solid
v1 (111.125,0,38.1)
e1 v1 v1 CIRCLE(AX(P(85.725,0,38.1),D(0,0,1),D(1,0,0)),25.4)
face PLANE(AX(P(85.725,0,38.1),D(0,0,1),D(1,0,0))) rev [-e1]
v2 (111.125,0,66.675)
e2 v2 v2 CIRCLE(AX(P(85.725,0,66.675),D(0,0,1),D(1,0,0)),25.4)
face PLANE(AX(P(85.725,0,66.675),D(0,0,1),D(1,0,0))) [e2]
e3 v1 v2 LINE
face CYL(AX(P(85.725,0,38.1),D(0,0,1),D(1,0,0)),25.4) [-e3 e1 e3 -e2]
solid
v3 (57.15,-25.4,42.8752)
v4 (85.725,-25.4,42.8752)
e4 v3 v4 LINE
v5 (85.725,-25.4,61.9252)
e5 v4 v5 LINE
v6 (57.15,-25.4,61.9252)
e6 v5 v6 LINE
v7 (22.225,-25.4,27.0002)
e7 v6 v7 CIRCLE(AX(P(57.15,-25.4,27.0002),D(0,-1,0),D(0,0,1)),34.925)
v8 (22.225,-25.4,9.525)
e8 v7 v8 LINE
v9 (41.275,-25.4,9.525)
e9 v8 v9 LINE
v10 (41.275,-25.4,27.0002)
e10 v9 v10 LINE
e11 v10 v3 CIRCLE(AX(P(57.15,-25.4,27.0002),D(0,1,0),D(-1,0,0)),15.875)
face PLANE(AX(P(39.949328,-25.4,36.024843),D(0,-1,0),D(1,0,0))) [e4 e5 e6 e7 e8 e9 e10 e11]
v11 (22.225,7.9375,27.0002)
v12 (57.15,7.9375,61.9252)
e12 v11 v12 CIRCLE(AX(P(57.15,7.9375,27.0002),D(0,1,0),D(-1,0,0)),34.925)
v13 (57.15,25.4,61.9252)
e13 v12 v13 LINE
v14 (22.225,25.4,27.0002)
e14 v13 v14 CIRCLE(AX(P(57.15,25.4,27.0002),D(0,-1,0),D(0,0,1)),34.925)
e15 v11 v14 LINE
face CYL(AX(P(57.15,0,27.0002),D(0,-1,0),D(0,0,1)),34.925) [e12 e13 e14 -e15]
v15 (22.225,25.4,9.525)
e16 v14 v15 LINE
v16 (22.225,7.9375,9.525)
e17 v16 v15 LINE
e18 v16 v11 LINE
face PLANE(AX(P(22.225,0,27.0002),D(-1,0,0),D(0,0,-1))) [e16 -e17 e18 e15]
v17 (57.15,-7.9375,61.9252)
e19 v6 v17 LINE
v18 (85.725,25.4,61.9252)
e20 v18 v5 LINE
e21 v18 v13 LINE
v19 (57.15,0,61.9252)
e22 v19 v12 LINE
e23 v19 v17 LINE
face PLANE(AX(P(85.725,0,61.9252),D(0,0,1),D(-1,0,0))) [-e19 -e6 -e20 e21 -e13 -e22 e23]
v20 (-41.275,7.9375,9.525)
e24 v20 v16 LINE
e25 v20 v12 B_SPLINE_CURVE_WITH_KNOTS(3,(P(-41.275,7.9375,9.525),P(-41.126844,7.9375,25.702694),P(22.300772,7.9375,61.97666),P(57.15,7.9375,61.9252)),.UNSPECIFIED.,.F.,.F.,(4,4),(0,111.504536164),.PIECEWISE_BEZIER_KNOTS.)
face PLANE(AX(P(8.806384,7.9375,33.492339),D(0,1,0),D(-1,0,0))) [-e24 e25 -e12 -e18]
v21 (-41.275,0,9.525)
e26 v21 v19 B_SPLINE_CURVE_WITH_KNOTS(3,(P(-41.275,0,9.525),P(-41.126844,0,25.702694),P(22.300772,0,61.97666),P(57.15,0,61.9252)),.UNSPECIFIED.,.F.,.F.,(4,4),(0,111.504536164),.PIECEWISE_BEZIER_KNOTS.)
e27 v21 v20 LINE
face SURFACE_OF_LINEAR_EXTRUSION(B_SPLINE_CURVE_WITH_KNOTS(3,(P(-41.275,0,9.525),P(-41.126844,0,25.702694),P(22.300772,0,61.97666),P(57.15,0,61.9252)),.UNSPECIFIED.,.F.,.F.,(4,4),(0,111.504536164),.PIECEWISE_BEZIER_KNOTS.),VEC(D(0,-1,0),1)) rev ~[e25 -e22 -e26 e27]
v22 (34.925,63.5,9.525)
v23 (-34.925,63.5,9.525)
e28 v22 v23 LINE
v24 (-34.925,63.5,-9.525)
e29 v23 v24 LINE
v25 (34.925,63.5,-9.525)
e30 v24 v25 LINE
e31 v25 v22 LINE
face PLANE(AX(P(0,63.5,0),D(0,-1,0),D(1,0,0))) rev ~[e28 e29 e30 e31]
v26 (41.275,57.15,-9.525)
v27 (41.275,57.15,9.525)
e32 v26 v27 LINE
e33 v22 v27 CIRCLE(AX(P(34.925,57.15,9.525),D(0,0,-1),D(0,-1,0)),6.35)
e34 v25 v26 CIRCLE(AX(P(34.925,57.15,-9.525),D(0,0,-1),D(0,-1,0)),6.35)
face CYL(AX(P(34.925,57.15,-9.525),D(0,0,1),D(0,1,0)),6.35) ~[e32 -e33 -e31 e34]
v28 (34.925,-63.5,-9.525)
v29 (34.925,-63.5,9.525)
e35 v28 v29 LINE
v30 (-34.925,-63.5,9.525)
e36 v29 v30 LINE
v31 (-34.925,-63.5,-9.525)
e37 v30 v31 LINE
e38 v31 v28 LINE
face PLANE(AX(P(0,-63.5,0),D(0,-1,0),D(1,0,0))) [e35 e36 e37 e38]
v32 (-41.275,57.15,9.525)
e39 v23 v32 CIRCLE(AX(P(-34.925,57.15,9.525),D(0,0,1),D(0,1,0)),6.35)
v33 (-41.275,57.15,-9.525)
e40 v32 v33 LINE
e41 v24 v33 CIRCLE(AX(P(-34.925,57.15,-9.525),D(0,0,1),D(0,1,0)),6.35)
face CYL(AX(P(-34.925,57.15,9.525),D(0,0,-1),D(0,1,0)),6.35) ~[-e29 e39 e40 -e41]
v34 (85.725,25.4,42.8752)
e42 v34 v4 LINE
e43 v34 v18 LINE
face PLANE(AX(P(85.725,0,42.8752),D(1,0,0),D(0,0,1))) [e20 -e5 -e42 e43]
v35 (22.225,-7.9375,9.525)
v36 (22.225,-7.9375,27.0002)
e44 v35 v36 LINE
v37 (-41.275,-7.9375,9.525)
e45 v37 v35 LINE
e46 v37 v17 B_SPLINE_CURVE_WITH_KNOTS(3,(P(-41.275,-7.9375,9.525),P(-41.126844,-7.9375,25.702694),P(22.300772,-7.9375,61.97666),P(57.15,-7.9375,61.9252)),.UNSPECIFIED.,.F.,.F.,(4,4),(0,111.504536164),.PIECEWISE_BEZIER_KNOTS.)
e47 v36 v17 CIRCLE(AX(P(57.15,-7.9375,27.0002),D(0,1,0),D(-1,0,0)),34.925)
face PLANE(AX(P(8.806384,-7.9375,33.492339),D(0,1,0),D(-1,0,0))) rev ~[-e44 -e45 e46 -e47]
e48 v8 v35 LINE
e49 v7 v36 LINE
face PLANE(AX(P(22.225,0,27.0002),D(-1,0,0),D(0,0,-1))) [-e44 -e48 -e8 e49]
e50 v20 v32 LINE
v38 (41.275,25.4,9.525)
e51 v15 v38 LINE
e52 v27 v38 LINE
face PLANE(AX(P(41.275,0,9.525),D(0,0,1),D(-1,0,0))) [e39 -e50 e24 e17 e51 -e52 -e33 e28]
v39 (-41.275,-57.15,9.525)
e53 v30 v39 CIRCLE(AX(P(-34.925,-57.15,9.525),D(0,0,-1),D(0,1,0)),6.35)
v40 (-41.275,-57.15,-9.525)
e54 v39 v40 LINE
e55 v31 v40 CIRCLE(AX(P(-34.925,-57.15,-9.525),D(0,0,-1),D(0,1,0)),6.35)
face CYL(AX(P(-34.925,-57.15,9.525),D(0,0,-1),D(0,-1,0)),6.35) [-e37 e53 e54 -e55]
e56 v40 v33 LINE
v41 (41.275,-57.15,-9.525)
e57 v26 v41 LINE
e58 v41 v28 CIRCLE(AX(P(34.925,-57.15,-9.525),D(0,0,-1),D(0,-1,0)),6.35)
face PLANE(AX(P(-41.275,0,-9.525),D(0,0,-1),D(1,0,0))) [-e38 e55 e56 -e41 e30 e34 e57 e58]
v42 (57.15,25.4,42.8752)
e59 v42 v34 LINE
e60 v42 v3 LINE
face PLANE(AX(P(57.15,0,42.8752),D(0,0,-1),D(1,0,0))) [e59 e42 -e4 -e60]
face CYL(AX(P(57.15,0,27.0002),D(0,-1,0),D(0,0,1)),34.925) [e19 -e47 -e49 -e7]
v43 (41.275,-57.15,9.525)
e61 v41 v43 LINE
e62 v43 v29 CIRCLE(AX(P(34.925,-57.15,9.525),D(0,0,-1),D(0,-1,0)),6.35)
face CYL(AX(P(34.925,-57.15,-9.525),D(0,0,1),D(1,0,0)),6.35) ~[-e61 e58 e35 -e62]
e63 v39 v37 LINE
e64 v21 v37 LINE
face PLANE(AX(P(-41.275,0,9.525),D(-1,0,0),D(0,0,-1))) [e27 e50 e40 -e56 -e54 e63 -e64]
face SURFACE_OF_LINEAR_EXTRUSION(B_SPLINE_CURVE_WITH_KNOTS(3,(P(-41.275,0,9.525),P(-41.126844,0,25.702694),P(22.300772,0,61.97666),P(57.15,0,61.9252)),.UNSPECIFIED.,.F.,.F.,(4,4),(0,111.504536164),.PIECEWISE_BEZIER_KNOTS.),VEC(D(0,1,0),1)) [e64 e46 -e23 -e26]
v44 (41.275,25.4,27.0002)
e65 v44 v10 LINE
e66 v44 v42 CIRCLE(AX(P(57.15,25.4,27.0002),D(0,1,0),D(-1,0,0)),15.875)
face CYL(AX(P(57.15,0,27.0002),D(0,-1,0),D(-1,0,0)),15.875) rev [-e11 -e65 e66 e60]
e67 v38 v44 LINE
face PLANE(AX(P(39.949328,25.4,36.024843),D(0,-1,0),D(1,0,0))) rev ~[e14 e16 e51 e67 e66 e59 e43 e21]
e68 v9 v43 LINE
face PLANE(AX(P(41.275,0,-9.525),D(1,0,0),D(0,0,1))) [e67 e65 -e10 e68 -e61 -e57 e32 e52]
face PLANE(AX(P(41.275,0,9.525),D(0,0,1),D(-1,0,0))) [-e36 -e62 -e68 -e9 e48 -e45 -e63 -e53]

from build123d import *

# Parameters (mm, degrees)
F1_DEPTH = 63.5
F0_W     = 25.4
F0_H     = 19.05
F2_DEPTH = 25.4
F3_DEPTH = 7.9375
F5_R     = 6.35


with BuildPart() as f1:
    # F0 (on Front) → F1 (new body, symmetric)
    with BuildSketch(Plane.XZ):
        Polygon((-41.275, -9.525), (41.275, -9.525), (41.275, 9.525), (22.225, 9.525), (-41.275, 9.525), align=None)
    extrude(amount=F1_DEPTH, both=True)

    # F0 (on Front) → F2 (join, symmetric)
    with BuildSketch(Plane.XZ):
        with BuildLine():
            Line((22.225, 9.525), (41.275, 9.525))
            Line((41.275, 9.525), (41.275, 27.0002))
            ThreePointArc((41.275, 27.0002), (45.9246798487, 38.2255201513), (57.15, 42.8752))
            Line((57.15, 42.8752), (60.325, 42.8752))
            Line((60.325, 42.8752), (60.325, 61.9252))
            Line((60.325, 61.9252), (57.15, 61.9252))
            ThreePointArc((57.15, 61.9252), (32.4542956671, 51.6959043329), (22.225, 27.0002))
            Line((22.225, 27.0002), (22.225, 9.525))
        make_face()
        with Locations((73.025, 52.4002)):
            Rectangle(F0_W, F0_H)
    extrude(amount=F2_DEPTH, both=True)

    # F0 (on Front) → F3 (join, symmetric)
    with BuildSketch(Plane.XZ):
        with BuildLine():
            add(Edge.make_bspline(
                [(-41.275, 9.525), (-41.1268435419, 25.7026944309), (22.3007723689, 61.976660043), (57.15, 61.9252)],
                knots=[0, 0, 0, 0, 111.5045361635, 111.5045361635, 111.5045361635, 111.5045361635], degree=3))
            Line((-41.275, 9.525), (22.225, 9.525))
            Line((22.225, 9.525), (22.225, 27.0002))
            ThreePointArc((22.225, 27.0002), (32.4542956671, 51.6959043329), (57.15, 61.9252))
        make_face()
    extrude(amount=F3_DEPTH, both=True)

    # F5
    f5_edges = [f1.edges().sort_by_distance(p)[0] for p in [
        (41.275, -63.5, 0),
        (41.275, 63.5, 0),
        (-41.275, 63.5, 0),
        (-41.275, -63.5, 0),
    ]]
    fillet(f5_edges, radius=F5_R)


with BuildPart() as f4:
    # F0 (on Front) → F4 (revolve)
    with BuildSketch(Plane.XZ):
        Polygon((85.725, 66.675), (85.725, 61.9252), (85.725, 42.8752), (85.725, 38.1), (111.125, 38.1), (111.125, 66.675), align=None)
    revolve(axis=Axis((85.725, 0, 52.3875), (0, 0, 1)))


solid = Compound([f1.part, f4.part])
